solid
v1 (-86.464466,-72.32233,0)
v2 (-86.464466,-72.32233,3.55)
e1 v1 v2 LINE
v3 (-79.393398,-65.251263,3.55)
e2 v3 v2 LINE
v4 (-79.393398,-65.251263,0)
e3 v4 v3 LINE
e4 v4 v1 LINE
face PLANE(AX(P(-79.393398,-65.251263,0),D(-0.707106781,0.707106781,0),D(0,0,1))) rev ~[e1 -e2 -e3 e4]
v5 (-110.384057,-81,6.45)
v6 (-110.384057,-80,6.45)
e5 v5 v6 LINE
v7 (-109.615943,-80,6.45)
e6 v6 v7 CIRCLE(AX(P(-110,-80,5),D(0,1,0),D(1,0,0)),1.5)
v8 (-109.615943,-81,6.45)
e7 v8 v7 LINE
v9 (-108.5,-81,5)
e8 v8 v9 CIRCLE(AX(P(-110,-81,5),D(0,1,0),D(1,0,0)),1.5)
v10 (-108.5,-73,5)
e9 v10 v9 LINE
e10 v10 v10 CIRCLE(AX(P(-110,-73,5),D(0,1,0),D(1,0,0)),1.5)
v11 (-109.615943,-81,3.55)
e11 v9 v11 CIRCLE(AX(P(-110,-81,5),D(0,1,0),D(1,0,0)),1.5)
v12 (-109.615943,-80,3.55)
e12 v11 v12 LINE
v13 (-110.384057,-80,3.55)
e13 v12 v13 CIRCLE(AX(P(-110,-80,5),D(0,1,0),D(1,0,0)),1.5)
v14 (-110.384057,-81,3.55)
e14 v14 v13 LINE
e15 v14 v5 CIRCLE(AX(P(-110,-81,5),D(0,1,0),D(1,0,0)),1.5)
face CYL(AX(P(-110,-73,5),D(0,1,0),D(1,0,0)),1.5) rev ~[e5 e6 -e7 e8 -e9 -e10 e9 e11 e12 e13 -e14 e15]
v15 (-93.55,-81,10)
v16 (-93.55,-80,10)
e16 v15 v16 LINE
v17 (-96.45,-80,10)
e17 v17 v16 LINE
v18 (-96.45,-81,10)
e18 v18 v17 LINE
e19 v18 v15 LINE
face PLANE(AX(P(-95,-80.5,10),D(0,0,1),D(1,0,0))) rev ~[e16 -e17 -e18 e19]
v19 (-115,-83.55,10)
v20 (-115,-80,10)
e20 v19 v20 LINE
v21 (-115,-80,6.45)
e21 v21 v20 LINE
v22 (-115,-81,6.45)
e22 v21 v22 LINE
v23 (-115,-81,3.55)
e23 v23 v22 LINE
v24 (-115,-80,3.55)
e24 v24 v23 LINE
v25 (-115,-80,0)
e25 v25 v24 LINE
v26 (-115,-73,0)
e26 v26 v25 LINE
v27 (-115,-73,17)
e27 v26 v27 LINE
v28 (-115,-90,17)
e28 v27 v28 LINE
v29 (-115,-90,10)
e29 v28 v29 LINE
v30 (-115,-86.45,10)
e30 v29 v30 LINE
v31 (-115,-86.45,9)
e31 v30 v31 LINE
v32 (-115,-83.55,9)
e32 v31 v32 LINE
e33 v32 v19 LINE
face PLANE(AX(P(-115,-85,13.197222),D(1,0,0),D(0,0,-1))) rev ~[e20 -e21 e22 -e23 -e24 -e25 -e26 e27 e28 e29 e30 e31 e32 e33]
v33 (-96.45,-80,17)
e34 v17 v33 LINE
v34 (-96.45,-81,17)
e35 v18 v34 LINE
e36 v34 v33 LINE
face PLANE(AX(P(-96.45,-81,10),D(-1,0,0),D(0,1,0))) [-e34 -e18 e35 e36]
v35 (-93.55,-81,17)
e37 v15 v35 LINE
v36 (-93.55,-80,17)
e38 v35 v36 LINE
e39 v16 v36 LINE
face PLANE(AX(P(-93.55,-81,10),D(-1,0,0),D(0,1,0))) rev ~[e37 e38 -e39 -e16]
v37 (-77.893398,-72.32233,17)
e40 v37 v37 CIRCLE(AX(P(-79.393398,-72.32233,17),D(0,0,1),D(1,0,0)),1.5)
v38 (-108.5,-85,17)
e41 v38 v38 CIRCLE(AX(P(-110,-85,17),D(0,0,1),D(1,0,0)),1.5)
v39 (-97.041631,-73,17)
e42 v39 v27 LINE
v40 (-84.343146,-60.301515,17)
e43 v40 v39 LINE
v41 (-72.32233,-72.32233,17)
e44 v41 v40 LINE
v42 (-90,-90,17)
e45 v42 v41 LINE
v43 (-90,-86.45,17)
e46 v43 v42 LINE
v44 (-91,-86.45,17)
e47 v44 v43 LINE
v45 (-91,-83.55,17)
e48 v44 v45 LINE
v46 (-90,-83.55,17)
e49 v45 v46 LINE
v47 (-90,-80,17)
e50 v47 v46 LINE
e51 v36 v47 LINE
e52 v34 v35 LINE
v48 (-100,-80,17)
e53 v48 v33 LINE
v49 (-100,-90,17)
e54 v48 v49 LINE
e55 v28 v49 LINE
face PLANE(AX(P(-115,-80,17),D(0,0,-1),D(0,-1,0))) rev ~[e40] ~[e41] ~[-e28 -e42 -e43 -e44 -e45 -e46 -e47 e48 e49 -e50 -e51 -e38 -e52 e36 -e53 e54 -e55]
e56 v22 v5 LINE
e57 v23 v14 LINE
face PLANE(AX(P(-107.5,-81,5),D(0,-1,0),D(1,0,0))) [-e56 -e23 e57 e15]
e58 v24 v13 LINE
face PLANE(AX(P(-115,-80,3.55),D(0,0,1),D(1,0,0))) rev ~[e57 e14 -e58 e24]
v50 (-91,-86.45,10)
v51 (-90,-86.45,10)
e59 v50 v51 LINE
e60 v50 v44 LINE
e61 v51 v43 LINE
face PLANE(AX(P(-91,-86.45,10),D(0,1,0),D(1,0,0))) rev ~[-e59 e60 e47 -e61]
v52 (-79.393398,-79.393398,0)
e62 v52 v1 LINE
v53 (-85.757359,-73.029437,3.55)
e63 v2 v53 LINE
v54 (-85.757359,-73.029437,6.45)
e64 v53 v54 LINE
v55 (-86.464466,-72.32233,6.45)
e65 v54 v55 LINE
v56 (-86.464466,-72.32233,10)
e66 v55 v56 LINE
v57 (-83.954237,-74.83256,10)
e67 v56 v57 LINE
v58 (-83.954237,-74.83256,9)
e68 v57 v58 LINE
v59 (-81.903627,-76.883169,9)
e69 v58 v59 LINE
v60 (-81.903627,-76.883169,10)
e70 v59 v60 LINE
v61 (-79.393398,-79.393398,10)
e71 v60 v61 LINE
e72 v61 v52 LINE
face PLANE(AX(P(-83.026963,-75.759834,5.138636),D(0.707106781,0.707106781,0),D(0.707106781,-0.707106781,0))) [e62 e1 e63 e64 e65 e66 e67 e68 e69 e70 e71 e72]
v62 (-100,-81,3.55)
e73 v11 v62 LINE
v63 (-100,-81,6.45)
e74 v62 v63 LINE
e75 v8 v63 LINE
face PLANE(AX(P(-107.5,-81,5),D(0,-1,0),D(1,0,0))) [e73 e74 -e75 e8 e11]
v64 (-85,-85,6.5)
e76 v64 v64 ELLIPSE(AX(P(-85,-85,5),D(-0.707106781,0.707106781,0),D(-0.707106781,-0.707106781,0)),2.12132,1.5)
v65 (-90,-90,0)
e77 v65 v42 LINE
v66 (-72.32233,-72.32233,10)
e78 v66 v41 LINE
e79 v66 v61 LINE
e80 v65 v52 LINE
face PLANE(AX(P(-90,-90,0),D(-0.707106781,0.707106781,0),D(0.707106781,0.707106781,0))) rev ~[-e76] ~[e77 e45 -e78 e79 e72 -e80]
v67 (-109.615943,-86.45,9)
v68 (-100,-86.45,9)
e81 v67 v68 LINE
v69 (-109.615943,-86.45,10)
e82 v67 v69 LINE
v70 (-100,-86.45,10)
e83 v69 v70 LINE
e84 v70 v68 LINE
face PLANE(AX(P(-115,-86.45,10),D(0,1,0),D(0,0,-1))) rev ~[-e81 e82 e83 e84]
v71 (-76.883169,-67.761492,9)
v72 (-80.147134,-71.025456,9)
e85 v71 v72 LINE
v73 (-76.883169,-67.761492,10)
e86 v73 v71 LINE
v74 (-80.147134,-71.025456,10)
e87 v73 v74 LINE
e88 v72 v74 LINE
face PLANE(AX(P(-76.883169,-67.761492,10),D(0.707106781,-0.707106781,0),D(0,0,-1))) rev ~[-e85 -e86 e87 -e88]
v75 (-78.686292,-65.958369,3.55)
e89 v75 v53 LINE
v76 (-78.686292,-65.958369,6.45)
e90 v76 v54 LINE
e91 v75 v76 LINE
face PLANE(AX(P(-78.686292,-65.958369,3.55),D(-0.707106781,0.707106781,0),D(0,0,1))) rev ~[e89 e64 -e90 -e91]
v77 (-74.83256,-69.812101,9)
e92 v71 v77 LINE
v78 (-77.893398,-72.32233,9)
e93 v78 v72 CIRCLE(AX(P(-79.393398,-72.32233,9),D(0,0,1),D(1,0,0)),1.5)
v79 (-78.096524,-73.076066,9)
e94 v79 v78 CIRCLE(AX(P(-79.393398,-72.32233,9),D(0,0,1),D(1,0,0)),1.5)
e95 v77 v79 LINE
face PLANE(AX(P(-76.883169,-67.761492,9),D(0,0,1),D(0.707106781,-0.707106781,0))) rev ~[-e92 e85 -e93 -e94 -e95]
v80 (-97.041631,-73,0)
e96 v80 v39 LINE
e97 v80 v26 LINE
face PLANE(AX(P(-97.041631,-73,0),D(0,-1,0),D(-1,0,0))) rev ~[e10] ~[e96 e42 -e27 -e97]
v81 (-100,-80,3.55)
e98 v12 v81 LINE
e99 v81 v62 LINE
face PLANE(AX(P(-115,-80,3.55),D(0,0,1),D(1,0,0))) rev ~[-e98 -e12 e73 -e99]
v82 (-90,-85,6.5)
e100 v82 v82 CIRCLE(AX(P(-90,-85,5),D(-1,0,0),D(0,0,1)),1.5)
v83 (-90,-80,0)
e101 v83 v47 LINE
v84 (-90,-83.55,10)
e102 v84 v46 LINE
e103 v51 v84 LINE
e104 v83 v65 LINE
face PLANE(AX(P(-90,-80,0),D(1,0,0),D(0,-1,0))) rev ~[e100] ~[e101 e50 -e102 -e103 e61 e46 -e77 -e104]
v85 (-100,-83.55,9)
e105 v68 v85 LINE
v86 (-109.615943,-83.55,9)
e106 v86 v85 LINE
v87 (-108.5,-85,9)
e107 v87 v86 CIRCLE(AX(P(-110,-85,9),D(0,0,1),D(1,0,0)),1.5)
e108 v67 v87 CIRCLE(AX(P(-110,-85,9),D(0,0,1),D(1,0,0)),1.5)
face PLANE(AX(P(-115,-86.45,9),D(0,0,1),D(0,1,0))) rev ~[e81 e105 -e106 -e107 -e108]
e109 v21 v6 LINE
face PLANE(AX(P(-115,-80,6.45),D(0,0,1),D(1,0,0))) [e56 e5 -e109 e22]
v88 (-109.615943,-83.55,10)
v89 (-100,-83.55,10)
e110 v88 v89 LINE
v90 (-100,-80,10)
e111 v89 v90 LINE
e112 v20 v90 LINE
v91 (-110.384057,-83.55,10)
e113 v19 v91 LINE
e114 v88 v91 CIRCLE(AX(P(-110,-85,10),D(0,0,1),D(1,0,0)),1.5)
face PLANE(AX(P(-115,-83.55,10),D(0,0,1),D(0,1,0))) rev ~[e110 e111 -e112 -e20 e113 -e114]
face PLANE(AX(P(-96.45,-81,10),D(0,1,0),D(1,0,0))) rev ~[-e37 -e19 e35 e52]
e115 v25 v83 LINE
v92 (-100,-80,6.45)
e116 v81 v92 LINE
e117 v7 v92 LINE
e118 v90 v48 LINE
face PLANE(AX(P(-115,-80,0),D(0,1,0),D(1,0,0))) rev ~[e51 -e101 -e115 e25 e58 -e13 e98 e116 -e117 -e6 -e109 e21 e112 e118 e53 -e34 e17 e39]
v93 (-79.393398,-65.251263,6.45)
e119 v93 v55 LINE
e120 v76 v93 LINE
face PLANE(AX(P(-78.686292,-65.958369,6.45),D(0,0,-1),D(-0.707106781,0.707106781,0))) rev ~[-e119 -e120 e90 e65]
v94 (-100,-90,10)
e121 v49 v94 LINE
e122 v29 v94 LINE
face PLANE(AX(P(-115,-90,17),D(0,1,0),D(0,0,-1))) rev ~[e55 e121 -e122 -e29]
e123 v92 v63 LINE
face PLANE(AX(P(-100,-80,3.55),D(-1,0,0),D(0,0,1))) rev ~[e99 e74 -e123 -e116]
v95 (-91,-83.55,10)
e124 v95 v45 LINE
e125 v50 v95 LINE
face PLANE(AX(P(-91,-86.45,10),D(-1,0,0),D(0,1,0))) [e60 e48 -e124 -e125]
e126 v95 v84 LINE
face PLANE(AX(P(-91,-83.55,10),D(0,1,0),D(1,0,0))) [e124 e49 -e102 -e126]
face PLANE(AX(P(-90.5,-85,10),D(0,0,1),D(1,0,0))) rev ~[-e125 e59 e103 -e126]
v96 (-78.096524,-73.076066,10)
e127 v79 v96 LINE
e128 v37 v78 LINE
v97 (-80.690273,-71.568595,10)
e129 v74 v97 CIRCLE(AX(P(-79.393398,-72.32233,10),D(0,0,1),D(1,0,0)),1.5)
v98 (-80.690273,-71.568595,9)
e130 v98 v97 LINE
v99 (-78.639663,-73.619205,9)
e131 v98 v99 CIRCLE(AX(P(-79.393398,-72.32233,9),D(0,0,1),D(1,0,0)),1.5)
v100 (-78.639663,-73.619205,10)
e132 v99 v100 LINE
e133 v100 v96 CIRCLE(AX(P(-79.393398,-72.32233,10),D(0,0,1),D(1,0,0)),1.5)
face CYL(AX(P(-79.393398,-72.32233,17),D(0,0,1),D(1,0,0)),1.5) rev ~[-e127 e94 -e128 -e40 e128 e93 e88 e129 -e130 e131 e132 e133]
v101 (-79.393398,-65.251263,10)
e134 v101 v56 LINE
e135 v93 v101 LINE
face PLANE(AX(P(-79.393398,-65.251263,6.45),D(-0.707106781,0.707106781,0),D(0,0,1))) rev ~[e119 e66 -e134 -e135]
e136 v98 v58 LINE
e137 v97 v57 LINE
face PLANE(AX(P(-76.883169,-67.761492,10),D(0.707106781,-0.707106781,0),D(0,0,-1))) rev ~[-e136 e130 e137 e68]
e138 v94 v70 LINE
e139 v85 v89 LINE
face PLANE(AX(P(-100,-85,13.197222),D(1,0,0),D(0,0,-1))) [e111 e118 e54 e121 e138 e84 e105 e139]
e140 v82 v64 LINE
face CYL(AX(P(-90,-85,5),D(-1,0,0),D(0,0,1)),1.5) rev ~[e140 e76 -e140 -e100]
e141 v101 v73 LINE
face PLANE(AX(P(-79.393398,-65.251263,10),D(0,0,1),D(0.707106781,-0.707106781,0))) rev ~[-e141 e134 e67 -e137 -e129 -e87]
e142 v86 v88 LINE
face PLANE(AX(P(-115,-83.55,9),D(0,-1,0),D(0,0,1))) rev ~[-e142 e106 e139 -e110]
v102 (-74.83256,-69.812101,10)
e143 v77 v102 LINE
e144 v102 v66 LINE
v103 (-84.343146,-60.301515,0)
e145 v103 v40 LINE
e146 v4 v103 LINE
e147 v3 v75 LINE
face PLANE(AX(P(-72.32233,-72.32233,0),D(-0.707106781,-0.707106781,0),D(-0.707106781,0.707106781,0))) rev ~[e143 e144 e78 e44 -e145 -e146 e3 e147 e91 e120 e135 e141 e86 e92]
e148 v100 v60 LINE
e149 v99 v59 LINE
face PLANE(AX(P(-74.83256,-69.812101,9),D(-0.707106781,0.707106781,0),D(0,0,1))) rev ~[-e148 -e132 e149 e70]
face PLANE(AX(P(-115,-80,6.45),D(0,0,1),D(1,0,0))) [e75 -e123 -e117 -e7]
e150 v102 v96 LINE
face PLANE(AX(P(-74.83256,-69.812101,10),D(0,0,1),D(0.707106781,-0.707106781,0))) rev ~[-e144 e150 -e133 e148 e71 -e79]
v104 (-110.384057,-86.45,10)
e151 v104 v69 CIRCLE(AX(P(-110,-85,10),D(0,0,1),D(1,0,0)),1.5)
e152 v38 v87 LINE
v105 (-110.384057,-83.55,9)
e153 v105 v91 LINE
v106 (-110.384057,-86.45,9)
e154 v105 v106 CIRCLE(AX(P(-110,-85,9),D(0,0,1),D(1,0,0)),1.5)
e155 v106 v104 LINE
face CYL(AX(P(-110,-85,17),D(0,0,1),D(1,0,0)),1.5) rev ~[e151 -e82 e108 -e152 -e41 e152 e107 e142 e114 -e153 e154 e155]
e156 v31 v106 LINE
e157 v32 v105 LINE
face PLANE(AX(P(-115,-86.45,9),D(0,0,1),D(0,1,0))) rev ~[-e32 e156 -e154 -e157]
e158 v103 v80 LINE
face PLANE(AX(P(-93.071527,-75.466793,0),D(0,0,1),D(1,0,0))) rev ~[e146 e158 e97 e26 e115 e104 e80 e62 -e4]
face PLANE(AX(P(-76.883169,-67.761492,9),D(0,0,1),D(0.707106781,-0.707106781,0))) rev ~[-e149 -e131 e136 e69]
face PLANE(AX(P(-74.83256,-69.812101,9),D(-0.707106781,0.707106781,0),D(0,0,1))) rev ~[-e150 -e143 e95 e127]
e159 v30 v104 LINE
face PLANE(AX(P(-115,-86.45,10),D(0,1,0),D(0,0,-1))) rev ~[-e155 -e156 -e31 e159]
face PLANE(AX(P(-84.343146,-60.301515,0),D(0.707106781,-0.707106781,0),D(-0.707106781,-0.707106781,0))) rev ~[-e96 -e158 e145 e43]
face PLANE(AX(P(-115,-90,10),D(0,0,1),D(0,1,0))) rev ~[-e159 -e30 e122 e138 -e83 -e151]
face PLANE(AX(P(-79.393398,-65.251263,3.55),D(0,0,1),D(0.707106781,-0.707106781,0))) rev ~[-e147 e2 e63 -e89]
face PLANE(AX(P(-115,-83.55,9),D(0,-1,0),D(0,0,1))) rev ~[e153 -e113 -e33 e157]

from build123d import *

# Parameters (mm, degrees)
MAIN_DEPTH          = 17
CUT_EXTRUDE1_DEPTH  = 10
SKETCH3_R           = 1.5
CUT_EXTRUDE2_DEPTH  = 18
SKETCH4_W           = 2.9
SKETCH4_H           = 1
SKETCH4_W_2         = 1
SKETCH4_H_2         = 2.9
BOSS_EXTRUDE1_DEPTH = 7
SKETCH5_W           = 15
SKETCH5_H           = 2.9
BOSS_EXTRUDE2_DEPTH = 1
SKETCH6_R           = 1.5
CUT_EXTRUDE3_DEPTH  = 18
BOSS_EXTRUDE3_DEPTH = 15
SKETCH8_R           = 1.5
CUT_EXTRUDE4_DEPTH  = 18
SKETCH9_R           = 1.5
CUT_EXTRUDE5_DEPTH  = 18.67766953


with BuildPart() as part:
    # Sketch1 → Main (new body)
    with BuildSketch(Plane.XY):
        Polygon((-90, -90), (-72.32233047, -72.32233047), (-84.343145751, -60.30151519), (-97.04163056, -73), (-115, -73), (-115, -80), (-90, -80), align=None)
    extrude(amount=MAIN_DEPTH)

    # Sketch2 → Cut-Extrude1 (cut)
    with BuildSketch(Plane(origin=(-72.32233047, -72.32233047, 0), x_dir=(0.707106781, -0.707106781, 0), z_dir=(0.707106781, 0.707106781, 0))):
        Polygon((-3.55, -10), (0, -10), (0, 0), (-10, 0), (-10, -3.55), (-9, -3.55), (-9, -6.45), (-10, -6.45), (-10, -10), (-6.45, -10), (-6.45, -9), (-3.55, -9), align=None)
    extrude(amount=-CUT_EXTRUDE1_DEPTH, mode=Mode.SUBTRACT)

    # Sketch3 → Cut-Extrude2 (cut, through all)
    with BuildSketch(Plane.XY.offset(17)):
        with Locations((-79.393398282, -72.32233047)):
            Circle(SKETCH3_R)
    extrude(amount=-CUT_EXTRUDE2_DEPTH, mode=Mode.SUBTRACT)

    # Sketch4 → Boss-Extrude1 (add)
    with BuildSketch(Plane.XY.offset(10)):
        with Locations((-95, -80.5)):
            Rectangle(SKETCH4_W, SKETCH4_H)
        with Locations((-90.5, -85)):
            Rectangle(SKETCH4_W_2, SKETCH4_H_2)
    extrude(amount=BOSS_EXTRUDE1_DEPTH)

    # Sketch5 → Boss-Extrude2 (add)
    with BuildSketch(Plane.XZ.offset(80)):
        with Locations((-107.5, 5)):
            Rectangle(SKETCH5_W, SKETCH5_H)
    extrude(amount=BOSS_EXTRUDE2_DEPTH)

    # Sketch6 → Cut-Extrude3 (cut, through all)
    with BuildSketch(Plane(origin=(0, -73, 0), x_dir=(1, 0, 0), z_dir=(0, 1, 0))):
        with Locations((-110, -5)):
            Circle(SKETCH6_R)
    extrude(amount=-CUT_EXTRUDE3_DEPTH, mode=Mode.SUBTRACT)

    # Sketch7 → Boss-Extrude3 (add)
    with BuildSketch(Plane.ZY.offset(115)):
        Polygon((17, -80), (17, -90), (10, -90), (10, -86.45), (9, -86.45), (9, -83.55), (10, -83.55), (10, -80), align=None)
    extrude(amount=-BOSS_EXTRUDE3_DEPTH)

    # Sketch8 → Cut-Extrude4 (cut, through all)
    with BuildSketch(Plane.XY.offset(17)):
        with Locations((-110, -85)):
            Circle(SKETCH8_R)
    extrude(amount=-CUT_EXTRUDE4_DEPTH, mode=Mode.SUBTRACT)

    # Sketch9 → Cut-Extrude5 (cut, through all)
    with BuildSketch(Plane.ZY.offset(90)):
        with Locations((5, -85)):
            Circle(SKETCH9_R)
    extrude(amount=-CUT_EXTRUDE5_DEPTH, mode=Mode.SUBTRACT)


solid = part.part
